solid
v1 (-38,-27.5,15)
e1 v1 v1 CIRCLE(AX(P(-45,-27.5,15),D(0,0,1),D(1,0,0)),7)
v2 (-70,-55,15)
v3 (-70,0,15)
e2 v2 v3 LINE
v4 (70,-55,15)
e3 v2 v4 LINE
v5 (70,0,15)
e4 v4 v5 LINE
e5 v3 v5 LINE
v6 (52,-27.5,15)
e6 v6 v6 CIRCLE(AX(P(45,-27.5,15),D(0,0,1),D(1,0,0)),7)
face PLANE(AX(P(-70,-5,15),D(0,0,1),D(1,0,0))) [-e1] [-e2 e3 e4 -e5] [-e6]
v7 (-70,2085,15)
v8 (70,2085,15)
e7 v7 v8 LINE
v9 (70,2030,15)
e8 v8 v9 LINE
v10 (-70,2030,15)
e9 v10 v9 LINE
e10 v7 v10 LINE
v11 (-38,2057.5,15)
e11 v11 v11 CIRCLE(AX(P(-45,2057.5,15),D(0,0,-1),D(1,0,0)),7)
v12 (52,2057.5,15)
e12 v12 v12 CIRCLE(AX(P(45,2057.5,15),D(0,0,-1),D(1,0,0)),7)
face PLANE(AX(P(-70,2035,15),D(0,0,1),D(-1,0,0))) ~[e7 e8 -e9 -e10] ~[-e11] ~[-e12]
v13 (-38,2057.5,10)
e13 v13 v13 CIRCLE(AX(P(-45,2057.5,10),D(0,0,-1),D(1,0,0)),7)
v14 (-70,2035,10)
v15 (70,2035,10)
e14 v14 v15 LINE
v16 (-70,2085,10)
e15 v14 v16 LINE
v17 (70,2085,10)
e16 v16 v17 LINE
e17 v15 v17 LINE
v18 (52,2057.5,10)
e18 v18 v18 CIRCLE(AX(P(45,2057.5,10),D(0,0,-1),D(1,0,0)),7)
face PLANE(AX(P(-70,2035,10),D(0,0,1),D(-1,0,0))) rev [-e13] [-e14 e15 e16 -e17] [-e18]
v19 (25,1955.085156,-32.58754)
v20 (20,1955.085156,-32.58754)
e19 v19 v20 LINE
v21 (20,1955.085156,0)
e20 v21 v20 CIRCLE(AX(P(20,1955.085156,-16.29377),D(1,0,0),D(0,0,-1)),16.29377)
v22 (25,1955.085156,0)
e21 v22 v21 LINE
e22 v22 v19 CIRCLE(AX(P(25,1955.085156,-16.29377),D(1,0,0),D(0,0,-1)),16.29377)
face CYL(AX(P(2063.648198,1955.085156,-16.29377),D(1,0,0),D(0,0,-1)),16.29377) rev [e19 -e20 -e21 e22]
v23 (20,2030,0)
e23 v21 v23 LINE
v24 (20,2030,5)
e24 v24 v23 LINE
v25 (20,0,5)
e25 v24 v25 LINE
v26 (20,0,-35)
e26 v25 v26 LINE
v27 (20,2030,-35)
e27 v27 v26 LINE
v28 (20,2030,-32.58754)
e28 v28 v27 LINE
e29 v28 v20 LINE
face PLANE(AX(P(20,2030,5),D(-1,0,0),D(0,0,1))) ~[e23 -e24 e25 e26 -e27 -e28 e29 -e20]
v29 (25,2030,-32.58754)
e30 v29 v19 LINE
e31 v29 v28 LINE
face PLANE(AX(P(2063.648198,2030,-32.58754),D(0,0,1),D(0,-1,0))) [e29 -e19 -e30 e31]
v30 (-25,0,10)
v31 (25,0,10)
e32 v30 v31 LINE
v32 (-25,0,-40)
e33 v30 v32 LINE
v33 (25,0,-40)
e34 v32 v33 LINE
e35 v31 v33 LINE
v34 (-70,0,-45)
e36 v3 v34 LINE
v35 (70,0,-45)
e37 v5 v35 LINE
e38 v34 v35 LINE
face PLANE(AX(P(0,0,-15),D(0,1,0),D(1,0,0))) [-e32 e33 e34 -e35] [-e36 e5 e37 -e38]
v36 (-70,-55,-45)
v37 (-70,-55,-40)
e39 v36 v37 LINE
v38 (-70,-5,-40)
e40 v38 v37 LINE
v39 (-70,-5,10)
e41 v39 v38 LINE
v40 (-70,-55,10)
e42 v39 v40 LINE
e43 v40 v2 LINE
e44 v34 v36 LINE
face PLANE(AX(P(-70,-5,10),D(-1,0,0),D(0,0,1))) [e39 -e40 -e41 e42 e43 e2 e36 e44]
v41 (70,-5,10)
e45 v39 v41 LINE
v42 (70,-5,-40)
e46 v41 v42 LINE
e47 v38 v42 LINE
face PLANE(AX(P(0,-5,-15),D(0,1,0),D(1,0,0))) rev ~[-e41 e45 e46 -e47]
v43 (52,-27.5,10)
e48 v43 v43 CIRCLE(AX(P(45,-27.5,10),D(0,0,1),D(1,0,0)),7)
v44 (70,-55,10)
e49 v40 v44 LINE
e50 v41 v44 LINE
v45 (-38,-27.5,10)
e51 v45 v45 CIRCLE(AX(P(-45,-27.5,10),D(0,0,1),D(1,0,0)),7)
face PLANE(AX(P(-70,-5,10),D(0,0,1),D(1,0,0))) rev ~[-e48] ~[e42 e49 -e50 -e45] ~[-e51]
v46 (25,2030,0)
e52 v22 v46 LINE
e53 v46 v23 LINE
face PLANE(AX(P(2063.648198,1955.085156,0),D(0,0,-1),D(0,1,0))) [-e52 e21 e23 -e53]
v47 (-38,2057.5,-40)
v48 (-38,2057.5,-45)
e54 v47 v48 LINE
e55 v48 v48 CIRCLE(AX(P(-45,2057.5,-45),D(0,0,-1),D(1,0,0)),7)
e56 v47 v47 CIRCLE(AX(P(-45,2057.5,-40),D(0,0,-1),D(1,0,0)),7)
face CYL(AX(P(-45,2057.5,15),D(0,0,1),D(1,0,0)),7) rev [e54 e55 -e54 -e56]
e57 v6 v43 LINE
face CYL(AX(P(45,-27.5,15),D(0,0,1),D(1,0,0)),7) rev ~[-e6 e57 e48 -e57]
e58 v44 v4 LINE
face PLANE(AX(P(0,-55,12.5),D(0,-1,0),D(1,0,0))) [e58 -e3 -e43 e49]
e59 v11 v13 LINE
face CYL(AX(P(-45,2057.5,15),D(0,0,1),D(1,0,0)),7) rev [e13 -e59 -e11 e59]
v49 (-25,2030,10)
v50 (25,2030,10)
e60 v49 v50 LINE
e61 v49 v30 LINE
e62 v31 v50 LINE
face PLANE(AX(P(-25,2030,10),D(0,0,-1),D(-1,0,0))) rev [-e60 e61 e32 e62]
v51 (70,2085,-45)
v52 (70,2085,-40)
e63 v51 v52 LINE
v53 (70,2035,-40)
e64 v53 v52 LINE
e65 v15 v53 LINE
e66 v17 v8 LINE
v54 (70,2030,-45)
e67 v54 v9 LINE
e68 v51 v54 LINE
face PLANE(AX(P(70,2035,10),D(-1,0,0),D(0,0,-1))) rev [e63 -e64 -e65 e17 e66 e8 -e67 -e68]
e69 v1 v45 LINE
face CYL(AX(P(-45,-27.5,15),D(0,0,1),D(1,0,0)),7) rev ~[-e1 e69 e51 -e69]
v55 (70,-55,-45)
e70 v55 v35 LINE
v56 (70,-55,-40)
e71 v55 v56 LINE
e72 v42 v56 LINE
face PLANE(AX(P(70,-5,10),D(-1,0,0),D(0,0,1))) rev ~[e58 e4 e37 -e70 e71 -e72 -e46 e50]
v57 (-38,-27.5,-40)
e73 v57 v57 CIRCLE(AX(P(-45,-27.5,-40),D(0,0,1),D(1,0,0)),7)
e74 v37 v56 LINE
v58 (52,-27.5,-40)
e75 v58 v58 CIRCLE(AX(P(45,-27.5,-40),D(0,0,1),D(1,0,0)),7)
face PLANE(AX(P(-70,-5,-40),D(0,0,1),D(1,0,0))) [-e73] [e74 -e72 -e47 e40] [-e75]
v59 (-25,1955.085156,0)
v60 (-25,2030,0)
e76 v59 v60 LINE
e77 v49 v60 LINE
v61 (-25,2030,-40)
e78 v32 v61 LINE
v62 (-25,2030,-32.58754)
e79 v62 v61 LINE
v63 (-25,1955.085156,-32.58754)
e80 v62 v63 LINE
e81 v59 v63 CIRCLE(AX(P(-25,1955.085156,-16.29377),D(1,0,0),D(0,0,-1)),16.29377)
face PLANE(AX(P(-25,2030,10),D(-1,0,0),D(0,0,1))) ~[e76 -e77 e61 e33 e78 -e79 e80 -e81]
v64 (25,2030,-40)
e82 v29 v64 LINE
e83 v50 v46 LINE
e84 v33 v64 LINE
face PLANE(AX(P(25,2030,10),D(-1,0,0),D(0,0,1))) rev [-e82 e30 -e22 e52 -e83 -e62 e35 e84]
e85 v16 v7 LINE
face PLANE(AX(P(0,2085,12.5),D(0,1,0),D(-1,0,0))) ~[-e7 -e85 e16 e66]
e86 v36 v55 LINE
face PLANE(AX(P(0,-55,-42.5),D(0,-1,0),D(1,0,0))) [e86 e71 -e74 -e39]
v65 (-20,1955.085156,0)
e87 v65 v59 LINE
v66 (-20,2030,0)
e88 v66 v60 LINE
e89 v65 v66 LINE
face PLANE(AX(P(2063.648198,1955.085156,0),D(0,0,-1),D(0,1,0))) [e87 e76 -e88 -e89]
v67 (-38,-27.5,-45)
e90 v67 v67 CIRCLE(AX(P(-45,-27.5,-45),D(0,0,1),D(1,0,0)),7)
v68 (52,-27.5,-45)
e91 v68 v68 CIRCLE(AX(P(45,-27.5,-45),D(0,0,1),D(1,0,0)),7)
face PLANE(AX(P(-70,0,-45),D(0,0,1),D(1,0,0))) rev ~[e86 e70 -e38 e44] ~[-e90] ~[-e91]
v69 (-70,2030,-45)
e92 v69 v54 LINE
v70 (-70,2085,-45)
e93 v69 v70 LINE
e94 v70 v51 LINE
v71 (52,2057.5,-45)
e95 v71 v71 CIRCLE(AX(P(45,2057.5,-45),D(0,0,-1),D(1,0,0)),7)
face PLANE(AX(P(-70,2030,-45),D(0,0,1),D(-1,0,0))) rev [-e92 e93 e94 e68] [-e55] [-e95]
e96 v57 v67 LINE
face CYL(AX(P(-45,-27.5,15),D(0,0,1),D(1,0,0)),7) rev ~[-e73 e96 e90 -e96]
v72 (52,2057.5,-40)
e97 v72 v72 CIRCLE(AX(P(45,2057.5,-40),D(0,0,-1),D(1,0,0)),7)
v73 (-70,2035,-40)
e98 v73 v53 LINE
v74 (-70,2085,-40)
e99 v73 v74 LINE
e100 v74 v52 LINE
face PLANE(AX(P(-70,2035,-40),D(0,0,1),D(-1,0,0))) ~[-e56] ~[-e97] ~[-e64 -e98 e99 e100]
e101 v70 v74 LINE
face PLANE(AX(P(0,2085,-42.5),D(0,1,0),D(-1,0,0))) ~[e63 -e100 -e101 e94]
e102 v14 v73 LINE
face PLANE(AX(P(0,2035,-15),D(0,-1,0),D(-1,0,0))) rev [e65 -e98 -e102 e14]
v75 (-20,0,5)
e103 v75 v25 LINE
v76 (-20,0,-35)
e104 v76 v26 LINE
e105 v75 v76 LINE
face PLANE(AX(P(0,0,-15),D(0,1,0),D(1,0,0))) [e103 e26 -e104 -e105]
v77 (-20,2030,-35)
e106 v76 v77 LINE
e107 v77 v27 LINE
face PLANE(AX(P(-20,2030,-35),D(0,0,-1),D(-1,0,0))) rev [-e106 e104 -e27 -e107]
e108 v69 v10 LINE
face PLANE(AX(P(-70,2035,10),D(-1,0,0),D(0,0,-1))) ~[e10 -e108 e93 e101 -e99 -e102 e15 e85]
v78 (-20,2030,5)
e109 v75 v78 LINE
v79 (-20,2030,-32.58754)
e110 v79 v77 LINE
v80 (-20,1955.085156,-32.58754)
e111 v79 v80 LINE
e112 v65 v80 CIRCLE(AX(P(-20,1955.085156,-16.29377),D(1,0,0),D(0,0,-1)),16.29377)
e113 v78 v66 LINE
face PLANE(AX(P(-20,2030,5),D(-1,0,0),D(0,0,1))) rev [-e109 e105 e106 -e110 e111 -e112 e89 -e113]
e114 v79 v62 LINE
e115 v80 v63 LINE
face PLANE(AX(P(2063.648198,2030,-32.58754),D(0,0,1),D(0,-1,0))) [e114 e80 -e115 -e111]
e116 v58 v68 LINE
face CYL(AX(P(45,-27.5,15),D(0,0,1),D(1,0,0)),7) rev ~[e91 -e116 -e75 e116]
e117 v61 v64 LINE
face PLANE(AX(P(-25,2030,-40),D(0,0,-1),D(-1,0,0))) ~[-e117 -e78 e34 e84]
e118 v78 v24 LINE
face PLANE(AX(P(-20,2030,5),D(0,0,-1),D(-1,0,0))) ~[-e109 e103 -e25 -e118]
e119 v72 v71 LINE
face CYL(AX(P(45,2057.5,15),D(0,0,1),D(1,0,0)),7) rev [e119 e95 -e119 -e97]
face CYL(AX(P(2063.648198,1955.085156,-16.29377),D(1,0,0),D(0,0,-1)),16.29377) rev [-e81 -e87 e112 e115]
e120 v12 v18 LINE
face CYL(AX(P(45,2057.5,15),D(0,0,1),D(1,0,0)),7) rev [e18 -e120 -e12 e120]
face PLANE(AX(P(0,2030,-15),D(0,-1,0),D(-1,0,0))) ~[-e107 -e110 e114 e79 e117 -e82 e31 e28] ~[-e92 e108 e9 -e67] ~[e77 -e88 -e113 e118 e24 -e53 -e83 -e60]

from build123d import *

# Parameters (mm, degrees)
SKETCH1_W               = 140
SKETCH1_H               = 60
BOSS_EXTRUDE1_DEPTH     = 5
SKETCH2_W               = 140
SKETCH2_H               = 5
BOSS_EXTRUDE3_DEPTH     = 50
SKETCH4_R               = 7
CUT_EXTRUDE1_DEPTH      = 108.354552768
SKETCH5_W               = 50
SKETCH5_H               = 50
SKETCH5_W_2             = 40
SKETCH5_H_2             = 40
BOSS_EXTRUDE4_DEPTH     = 1015
CUT_EXTRUDE3_DEPTH      = 2088.648198332
CUT_EXTRUDE3_DEPTH_BACK = 2088.648198332


with BuildPart() as part:
    # Sketch1 → Boss-Extrude1 (new body)
    with BuildSketch(Plane(origin=(0, 0, 0), x_dir=(1, 0, 0), z_dir=(0, 1, 0))):
        with Locations((0, 15)):
            Rectangle(SKETCH1_W, SKETCH1_H)
    extrude(amount=-BOSS_EXTRUDE1_DEPTH)

    # Sketch2 → Boss-Extrude3 (add)
    with BuildSketch(Plane.XZ.offset(5)):
        with Locations((0, 12.5)):
            Rectangle(SKETCH2_W, SKETCH2_H)
        with Locations((0, -42.5)):
            Rectangle(SKETCH2_W, SKETCH2_H)
    extrude(amount=BOSS_EXTRUDE3_DEPTH)

    # Sketch4 → Cut-Extrude1 (cut, through all)
    with BuildSketch(Plane.XY.offset(15)):
        with Locations((-45, -27.5)):
            Circle(SKETCH4_R)
        with Locations((45, -27.5)):
            Circle(SKETCH4_R)
    extrude(amount=-CUT_EXTRUDE1_DEPTH, mode=Mode.SUBTRACT)

    # Sketch5 → Boss-Extrude4 (add)
    with BuildSketch(Plane(origin=(0, 0, 0), x_dir=(1, 0, 0), z_dir=(0, 1, 0))):
        with Locations((0, 15)):
            Rectangle(SKETCH5_W, SKETCH5_H)
        with Locations((0, 15)):
            Rectangle(SKETCH5_W_2, SKETCH5_H_2, mode=Mode.SUBTRACT)
    extrude(amount=BOSS_EXTRUDE4_DEPTH)

    # Mirror1: part across plane


with BuildPart() as part_1:
    add(part.part)
    add(part.part.mirror(Plane.ZX.offset(1015)))

    # Sketch8 → Cut-Extrude3 (cut, two sides: drawn at the far end of the back side and taken through both)
    with BuildSketch(Plane.ZY.offset(25).offset(-CUT_EXTRUDE3_DEPTH_BACK)):
        with BuildLine():
            Line((-32.587539874, 2030), (-32.587539874, 1955.085156016))
            ThreePointArc((-32.587539874, 1955.085156016), (-16.293769937, 1938.791386079), (0, 1955.085156016))
            Line((0, 1955.085156016), (0, 2030))
            Line((0, 2030), (-32.587539874, 2030))
        make_face()
    extrude(amount=CUT_EXTRUDE3_DEPTH + CUT_EXTRUDE3_DEPTH_BACK, mode=Mode.SUBTRACT)


solid = part_1.part
